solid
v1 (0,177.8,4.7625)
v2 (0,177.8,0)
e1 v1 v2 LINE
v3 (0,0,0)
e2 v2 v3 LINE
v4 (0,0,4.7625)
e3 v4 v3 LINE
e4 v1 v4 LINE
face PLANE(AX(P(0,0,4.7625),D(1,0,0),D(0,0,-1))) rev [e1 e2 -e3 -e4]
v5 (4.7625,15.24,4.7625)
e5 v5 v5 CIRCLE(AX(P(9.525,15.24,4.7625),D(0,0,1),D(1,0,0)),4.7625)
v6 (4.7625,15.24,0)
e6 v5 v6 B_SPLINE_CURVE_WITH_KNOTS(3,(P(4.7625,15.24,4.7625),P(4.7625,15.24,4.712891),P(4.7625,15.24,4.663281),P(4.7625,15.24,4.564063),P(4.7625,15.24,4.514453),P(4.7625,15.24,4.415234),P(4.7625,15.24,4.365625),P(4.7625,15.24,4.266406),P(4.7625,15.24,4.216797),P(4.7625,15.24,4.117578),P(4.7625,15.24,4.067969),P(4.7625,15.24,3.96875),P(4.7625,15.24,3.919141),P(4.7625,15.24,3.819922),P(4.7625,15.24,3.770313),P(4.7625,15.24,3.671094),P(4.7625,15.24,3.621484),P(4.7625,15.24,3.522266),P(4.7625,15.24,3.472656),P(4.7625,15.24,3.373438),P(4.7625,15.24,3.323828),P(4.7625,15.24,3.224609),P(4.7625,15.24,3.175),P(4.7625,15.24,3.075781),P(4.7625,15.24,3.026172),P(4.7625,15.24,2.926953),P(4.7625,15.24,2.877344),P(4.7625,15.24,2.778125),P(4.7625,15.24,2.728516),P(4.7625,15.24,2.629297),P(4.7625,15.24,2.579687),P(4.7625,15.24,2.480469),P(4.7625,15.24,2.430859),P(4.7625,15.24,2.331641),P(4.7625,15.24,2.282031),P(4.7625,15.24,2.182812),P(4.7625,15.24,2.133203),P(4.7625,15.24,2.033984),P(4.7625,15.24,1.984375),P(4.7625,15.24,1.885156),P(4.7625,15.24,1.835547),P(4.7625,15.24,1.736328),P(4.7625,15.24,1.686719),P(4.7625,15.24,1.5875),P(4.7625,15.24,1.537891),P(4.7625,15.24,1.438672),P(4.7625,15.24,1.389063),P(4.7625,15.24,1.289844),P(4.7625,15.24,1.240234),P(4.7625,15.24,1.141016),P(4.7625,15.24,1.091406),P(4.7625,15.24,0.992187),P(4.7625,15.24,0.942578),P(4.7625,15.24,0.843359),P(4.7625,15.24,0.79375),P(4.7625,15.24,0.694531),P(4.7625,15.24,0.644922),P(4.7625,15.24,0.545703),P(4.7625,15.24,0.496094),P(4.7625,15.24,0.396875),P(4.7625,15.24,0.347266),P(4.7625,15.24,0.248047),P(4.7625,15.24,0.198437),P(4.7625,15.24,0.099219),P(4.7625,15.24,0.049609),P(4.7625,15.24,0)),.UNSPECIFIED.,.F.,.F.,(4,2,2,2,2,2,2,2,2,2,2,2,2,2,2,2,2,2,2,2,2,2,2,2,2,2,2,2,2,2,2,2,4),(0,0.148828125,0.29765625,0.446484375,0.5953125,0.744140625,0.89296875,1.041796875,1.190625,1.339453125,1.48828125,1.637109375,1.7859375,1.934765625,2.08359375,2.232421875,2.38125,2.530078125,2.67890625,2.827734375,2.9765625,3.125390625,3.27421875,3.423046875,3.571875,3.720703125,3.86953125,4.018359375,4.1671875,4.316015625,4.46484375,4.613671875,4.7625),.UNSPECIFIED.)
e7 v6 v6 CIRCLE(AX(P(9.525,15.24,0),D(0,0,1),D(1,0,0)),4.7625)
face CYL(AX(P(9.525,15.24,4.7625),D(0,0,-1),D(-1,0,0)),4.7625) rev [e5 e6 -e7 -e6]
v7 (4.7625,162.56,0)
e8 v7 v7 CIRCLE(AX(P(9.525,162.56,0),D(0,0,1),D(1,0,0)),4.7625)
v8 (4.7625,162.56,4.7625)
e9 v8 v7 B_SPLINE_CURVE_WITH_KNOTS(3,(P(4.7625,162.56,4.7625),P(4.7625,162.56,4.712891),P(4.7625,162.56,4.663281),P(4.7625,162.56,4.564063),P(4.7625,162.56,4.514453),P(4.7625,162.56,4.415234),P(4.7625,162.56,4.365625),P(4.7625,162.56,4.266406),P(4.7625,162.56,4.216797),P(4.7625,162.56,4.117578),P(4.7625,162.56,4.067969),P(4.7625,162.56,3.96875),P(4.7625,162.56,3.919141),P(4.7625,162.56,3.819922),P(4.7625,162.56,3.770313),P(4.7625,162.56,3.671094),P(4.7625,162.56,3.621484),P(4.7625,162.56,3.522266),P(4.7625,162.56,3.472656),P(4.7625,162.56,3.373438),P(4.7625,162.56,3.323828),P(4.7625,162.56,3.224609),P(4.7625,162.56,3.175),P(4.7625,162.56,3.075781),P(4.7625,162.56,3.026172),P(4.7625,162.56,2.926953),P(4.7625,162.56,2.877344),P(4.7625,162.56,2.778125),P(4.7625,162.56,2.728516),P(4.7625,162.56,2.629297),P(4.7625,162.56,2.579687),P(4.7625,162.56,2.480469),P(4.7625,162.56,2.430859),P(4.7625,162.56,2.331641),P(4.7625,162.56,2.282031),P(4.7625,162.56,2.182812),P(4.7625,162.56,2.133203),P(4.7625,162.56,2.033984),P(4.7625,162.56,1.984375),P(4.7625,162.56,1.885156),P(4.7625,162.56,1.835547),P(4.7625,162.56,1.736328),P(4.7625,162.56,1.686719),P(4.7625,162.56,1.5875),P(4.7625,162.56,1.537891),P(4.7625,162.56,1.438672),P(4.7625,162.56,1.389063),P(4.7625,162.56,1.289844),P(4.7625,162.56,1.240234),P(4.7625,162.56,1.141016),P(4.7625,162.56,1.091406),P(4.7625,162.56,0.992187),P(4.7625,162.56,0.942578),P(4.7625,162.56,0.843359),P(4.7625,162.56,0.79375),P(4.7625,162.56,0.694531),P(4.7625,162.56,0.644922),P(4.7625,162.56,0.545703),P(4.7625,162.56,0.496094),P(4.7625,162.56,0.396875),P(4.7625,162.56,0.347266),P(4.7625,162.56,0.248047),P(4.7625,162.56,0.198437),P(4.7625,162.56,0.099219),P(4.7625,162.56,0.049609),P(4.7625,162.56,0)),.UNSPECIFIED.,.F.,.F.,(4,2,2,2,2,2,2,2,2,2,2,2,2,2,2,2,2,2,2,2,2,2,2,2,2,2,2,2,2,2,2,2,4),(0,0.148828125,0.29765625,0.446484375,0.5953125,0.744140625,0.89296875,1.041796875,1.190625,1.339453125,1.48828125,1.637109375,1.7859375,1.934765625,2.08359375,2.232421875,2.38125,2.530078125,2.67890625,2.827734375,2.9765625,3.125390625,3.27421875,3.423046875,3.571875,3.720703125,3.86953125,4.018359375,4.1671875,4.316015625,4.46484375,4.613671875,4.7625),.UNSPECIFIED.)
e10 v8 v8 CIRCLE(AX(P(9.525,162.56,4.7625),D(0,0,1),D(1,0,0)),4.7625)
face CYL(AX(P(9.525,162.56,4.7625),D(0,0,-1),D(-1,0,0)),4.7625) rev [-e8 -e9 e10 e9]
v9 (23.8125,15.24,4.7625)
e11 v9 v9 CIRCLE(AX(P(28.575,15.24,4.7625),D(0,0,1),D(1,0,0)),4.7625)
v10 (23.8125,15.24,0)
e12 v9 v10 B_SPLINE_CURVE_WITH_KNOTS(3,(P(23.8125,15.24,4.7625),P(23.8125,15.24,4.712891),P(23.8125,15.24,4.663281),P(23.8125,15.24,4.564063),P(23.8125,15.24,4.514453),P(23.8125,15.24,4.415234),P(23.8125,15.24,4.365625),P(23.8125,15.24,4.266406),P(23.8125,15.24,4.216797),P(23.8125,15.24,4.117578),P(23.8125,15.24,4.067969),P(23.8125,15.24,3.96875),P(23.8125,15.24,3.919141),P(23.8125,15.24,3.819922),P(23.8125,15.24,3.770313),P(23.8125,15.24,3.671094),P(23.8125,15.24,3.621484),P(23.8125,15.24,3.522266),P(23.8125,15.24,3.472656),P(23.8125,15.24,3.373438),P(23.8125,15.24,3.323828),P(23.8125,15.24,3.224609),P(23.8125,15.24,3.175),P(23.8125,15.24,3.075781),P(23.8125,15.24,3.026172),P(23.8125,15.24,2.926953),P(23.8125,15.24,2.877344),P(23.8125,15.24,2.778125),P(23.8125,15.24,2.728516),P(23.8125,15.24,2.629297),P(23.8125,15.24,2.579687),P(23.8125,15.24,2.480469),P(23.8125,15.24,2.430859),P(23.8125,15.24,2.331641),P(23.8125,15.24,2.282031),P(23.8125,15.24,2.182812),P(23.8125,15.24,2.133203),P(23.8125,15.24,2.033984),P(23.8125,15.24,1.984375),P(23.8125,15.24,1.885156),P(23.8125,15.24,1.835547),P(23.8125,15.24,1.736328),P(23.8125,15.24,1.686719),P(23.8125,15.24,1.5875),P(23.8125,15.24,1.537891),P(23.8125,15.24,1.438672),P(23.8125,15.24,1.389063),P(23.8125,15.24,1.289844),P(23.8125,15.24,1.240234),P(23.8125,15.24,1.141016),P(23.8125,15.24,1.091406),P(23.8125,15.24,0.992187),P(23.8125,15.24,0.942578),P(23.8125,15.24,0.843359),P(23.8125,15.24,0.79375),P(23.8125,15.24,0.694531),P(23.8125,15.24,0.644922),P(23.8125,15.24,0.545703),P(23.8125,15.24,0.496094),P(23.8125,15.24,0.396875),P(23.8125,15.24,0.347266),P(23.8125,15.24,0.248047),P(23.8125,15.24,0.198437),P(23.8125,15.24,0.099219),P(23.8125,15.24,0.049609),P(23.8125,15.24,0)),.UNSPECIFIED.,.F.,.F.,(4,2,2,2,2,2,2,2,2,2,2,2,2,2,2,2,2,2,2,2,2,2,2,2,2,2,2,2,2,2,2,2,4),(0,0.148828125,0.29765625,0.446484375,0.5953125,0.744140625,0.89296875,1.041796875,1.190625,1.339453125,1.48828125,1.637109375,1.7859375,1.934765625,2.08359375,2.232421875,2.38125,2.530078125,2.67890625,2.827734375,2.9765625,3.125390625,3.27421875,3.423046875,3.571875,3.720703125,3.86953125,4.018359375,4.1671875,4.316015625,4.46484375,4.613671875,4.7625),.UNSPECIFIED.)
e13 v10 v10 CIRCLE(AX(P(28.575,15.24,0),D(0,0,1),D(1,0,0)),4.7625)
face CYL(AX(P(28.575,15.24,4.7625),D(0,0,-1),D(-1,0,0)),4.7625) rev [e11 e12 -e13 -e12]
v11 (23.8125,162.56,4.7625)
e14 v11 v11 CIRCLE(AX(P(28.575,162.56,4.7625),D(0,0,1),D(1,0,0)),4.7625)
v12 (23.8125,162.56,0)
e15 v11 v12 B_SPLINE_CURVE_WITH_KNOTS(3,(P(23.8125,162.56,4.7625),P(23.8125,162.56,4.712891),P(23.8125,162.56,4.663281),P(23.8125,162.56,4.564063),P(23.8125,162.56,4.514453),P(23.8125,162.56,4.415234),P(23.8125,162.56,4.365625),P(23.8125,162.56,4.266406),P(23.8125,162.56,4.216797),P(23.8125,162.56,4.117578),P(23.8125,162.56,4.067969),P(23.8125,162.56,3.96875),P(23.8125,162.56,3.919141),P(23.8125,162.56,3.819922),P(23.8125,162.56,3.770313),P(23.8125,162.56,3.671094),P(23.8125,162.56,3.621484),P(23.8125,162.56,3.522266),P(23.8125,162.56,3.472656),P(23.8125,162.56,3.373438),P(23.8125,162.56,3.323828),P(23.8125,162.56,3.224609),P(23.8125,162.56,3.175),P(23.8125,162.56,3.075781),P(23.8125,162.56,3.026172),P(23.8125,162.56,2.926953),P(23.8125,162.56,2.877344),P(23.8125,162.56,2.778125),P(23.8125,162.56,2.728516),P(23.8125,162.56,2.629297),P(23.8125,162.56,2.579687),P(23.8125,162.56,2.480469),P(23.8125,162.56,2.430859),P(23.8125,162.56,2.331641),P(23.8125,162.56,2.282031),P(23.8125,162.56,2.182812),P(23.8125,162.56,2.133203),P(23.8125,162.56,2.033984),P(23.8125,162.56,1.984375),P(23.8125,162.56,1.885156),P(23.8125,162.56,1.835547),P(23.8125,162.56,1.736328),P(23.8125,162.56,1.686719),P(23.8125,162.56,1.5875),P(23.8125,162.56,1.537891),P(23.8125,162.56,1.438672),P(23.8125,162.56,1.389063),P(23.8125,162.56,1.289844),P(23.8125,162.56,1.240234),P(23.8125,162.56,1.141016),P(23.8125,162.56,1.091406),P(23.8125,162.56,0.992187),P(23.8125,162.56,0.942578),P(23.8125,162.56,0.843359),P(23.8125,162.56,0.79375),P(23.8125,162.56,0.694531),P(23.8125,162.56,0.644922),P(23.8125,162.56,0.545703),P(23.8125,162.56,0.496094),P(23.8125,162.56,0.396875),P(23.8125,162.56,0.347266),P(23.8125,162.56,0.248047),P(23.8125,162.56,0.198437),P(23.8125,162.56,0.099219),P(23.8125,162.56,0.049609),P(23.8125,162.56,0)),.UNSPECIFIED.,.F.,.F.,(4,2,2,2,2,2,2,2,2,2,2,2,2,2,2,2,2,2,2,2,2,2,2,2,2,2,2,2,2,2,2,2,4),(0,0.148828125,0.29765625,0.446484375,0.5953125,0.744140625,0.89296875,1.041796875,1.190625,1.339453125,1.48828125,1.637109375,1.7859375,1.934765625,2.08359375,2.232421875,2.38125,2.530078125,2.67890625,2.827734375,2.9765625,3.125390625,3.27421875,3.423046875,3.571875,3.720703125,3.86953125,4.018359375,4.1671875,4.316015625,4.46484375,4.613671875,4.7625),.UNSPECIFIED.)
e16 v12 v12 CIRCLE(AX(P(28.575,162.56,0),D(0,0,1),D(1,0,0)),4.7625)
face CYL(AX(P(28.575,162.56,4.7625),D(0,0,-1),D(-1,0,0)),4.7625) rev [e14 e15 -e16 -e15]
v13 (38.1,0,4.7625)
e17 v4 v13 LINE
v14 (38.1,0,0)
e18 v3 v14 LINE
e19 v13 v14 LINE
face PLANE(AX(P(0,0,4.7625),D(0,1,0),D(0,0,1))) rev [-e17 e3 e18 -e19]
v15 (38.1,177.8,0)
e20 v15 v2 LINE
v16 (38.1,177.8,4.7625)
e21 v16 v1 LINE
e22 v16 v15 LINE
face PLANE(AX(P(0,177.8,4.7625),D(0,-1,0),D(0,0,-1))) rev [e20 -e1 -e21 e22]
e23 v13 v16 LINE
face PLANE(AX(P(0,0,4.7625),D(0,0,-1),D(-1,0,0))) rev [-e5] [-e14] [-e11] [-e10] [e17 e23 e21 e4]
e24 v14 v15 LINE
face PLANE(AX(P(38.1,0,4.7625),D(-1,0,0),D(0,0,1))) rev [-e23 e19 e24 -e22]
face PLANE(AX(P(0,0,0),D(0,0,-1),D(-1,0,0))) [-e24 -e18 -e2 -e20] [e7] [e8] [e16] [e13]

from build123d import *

# Parameters (mm, degrees)
SKETCH1_W           = 38.1
SKETCH1_H           = 177.8
SKETCH1_R           = 4.7625
BOSS_EXTRUDE1_DEPTH = 4.7625


with BuildPart() as part:
    # Sketch1 → Boss-Extrude1 (new body)
    with BuildSketch(Plane.XY):
        with Locations((19.05, 88.9)):
            Rectangle(SKETCH1_W, SKETCH1_H)
        with Locations(Location((9.525, 15.24, 0), (0, 0, 180))):
            Circle(SKETCH1_R, mode=Mode.SUBTRACT)
        with Locations(Location((28.575, 15.24, 0), (0, 0, 180))):
            Circle(SKETCH1_R, mode=Mode.SUBTRACT)
        with Locations(Location((9.525, 162.56, 0), (0, 0, 180))):
            Circle(SKETCH1_R, mode=Mode.SUBTRACT)
        with Locations(Location((28.575, 162.56, 0), (0, 0, 180))):
            Circle(SKETCH1_R, mode=Mode.SUBTRACT)
    extrude(amount=BOSS_EXTRUDE1_DEPTH)


solid = part.part
